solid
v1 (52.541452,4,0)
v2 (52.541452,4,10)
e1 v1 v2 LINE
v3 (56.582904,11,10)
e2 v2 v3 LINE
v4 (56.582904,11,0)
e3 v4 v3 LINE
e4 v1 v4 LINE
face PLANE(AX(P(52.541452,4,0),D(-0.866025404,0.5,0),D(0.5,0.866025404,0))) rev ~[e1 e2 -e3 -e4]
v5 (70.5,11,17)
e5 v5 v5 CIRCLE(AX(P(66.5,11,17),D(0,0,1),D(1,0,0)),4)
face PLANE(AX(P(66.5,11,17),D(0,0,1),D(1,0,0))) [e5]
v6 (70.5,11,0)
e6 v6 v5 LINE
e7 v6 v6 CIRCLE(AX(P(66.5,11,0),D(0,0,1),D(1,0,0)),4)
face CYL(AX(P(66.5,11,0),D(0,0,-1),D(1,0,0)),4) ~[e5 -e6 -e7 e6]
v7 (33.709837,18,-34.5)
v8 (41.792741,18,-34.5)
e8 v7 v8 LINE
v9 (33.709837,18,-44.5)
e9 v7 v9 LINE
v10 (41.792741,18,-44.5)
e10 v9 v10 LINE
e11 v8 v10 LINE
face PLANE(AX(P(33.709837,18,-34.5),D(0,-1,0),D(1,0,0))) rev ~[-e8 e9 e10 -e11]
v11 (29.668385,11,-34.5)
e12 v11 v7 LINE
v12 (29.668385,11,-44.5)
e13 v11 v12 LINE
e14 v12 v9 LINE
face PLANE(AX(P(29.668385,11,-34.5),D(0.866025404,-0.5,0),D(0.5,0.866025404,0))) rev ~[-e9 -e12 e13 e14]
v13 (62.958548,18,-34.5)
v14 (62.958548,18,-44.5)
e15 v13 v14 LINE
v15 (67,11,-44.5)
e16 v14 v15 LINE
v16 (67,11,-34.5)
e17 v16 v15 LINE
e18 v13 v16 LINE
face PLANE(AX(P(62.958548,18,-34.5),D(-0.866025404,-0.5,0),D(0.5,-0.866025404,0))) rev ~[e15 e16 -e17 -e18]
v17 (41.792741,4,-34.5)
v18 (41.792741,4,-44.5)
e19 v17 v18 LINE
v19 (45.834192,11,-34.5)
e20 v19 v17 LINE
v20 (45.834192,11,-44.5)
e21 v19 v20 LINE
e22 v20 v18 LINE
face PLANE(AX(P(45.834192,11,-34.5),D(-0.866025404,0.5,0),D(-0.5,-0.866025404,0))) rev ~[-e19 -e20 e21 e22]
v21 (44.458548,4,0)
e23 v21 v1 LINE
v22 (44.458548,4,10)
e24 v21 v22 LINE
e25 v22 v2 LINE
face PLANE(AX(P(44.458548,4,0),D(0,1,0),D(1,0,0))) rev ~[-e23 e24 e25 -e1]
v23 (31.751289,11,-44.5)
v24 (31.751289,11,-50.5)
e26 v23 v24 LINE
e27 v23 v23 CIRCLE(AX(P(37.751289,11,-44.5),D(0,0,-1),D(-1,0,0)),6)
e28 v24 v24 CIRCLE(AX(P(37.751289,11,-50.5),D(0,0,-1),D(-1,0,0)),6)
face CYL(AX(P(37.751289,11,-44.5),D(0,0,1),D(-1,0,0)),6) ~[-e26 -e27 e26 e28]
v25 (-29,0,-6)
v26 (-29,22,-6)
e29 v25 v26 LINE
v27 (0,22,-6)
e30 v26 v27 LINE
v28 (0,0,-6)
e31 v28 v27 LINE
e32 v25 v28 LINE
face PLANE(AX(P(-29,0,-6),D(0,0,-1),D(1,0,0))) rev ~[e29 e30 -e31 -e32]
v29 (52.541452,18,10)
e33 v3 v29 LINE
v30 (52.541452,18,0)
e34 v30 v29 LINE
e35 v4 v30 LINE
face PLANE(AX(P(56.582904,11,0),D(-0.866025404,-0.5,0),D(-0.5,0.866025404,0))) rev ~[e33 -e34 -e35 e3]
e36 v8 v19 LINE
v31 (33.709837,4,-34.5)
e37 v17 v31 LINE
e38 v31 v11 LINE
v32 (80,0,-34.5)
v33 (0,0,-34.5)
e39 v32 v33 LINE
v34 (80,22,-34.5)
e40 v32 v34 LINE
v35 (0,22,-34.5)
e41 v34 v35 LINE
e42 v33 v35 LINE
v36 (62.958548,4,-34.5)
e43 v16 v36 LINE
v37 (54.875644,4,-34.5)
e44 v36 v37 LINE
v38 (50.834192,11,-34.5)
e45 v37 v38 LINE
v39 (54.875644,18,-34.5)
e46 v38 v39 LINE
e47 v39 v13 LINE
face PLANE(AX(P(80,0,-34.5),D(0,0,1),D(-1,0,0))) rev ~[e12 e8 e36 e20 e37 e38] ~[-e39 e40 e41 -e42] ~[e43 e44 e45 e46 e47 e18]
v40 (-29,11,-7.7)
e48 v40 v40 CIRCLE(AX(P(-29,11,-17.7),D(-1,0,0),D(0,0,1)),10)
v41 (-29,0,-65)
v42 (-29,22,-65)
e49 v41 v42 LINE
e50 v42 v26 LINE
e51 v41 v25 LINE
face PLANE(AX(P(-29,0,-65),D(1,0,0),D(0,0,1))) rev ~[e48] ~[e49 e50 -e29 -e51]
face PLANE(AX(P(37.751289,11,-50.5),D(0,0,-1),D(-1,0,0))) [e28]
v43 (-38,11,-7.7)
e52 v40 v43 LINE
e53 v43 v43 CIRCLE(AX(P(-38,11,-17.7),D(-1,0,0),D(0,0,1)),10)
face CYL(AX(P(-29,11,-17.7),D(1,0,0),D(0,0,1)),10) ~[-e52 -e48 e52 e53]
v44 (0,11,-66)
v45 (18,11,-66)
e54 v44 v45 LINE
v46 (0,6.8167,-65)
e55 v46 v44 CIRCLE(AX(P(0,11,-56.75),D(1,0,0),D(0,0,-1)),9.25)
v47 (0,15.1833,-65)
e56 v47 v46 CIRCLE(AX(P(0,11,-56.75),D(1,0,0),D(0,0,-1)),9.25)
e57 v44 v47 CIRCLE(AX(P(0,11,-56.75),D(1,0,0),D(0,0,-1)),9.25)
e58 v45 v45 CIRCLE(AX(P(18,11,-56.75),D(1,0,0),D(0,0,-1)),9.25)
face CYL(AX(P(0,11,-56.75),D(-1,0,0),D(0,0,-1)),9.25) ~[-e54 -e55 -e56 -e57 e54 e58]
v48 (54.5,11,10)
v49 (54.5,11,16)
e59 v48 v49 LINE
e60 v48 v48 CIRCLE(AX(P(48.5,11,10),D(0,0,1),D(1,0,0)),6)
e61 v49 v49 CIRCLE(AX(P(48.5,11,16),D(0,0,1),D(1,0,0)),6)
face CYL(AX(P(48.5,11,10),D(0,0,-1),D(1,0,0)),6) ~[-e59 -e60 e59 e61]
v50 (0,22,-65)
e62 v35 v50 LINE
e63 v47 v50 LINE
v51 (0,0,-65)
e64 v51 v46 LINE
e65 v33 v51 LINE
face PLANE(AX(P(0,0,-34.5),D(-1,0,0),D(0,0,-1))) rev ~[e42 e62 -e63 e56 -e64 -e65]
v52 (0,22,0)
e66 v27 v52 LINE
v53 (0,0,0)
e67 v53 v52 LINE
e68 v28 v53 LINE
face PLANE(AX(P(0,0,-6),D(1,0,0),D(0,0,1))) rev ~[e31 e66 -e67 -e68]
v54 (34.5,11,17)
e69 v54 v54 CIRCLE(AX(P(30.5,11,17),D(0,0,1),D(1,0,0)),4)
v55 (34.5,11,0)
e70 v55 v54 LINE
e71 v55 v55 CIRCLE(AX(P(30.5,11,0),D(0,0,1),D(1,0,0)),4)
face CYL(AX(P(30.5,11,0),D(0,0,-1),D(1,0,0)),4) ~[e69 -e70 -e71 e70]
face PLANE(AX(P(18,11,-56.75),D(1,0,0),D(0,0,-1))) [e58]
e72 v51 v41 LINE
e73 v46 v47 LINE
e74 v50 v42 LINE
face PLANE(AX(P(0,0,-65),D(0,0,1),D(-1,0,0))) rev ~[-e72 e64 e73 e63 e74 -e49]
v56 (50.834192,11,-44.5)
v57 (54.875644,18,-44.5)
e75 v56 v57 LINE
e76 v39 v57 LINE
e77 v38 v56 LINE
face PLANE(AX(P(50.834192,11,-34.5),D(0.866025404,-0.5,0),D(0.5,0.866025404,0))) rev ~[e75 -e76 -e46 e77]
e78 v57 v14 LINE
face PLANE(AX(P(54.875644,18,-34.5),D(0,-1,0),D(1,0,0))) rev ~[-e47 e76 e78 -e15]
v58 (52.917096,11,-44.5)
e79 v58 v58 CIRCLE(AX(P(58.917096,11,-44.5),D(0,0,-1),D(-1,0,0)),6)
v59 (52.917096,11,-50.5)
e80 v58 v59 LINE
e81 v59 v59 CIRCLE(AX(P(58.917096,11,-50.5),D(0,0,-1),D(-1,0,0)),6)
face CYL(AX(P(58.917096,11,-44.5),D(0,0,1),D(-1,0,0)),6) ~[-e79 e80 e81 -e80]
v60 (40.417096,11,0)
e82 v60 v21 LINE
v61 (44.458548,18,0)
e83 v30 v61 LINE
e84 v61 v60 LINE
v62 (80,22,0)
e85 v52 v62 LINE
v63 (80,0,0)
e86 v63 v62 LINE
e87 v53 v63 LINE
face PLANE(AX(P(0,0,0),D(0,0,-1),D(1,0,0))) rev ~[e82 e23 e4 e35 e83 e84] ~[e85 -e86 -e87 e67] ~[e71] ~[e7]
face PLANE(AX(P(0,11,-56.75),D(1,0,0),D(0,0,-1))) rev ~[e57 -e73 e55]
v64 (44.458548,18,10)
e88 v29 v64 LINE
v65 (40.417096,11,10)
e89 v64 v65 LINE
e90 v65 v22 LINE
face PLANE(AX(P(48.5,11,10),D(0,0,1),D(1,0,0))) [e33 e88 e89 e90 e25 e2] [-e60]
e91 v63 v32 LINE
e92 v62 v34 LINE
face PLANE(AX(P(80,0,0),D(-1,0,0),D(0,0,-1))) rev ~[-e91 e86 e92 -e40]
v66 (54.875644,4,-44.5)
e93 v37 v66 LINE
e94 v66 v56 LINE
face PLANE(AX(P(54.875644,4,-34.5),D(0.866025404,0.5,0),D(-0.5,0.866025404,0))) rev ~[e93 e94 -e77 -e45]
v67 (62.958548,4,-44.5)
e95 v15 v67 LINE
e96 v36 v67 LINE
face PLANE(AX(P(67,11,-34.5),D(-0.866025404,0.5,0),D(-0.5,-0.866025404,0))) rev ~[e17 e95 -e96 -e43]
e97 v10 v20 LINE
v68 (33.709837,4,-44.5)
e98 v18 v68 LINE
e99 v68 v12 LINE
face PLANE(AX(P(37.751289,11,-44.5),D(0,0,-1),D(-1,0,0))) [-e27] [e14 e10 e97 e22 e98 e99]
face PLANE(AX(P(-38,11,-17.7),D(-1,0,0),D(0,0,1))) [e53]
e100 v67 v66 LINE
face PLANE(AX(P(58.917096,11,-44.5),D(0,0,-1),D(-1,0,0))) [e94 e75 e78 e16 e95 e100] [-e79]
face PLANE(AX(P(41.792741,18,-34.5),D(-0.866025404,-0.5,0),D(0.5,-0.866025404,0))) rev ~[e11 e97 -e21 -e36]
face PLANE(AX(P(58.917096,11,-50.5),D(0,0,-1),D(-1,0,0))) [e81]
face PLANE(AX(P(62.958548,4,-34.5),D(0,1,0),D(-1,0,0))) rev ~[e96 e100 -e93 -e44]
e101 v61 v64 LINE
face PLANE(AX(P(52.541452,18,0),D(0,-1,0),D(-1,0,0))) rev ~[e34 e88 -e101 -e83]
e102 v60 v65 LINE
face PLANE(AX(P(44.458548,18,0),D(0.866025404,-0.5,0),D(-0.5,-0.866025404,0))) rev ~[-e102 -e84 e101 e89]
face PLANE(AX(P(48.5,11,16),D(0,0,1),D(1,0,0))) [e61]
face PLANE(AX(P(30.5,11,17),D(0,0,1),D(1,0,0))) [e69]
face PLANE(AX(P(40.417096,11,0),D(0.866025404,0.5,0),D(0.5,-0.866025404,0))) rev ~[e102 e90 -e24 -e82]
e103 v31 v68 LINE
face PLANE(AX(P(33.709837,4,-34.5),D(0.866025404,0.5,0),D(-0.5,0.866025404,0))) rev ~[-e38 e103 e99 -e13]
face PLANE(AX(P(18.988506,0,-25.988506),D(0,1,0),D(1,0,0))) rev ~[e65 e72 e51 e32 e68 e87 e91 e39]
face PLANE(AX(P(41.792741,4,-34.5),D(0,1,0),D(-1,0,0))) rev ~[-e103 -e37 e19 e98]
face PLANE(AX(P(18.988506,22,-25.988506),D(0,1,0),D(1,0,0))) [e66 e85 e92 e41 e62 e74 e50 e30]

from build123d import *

# Parameters (mm, degrees)
BOSS_EXTRUDE1_DEPTH = 22
SKETCH2_R           = 4
BOSS_EXTRUDE2_DEPTH = 17
BOSS_EXTRUDE3_DEPTH = 10
SKETCH4_R           = 9.25
BOSS_EXTRUDE4_DEPTH = 18
SKETCH5_R           = 10
BOSS_EXTRUDE5_DEPTH = 9
BOSS_EXTRUDE6_DEPTH = 10
SKETCH7_R           = 6
BOSS_EXTRUDE7_DEPTH = 6
SKETCH8_R           = 6
BOSS_EXTRUDE8_DEPTH = 6


with BuildPart() as part:
    # Sketch1 → Boss-Extrude1 (new body)
    with BuildSketch(Plane(origin=(0, 0, 0), x_dir=(1, 0, 0), z_dir=(0, 1, 0))):
        Polygon((0, 0), (80, 0), (80, 34.5), (0, 34.5), (0, 65), (-29, 65), (-29, 6), (0, 6), align=None)
    extrude(amount=BOSS_EXTRUDE1_DEPTH)

    # Sketch2 → Boss-Extrude2 (add)
    with BuildSketch(Plane.XY):
        with Locations((30.5, 11)):
            Circle(SKETCH2_R)
        with Locations((66.5, 11)):
            Circle(SKETCH2_R)
    extrude(amount=BOSS_EXTRUDE2_DEPTH)

    # Sketch3 → Boss-Extrude3 (add)
    with BuildSketch(Plane(origin=(0, 0, -34.5), x_dir=(-1, 0, 0), z_dir=(0, 0, -1))):
        Polygon((-50.834192463, 11), (-54.875644347, 18), (-62.958548116, 18), (-67, 11), (-62.958548116, 4), (-54.875644347, 4), align=None)
        Polygon((-29.668384925, 11), (-33.70983681, 18), (-41.792740578, 18), (-45.834192463, 11), (-41.792740578, 4), (-33.70983681, 4), align=None)
    extrude(amount=BOSS_EXTRUDE3_DEPTH)

    # Sketch4 → Boss-Extrude4 (add)
    with BuildSketch(Plane(origin=(0, 0, 0), x_dir=(0, 0, -1), z_dir=(1, 0, 0))):
        with Locations((56.75, 11)):
            Circle(SKETCH4_R)
    extrude(amount=BOSS_EXTRUDE4_DEPTH)

    # Sketch5 → Boss-Extrude5 (add)
    with BuildSketch(Plane.ZY.offset(29)):
        with Locations((-17.7, 11)):
            Circle(SKETCH5_R)
    extrude(amount=BOSS_EXTRUDE5_DEPTH)

    # Sketch6 → Boss-Extrude6 (add)
    with BuildSketch(Plane.XY):
        Polygon((56.582903769, 11), (52.541451884, 18), (44.458548116, 18), (40.417096231, 11), (44.458548116, 4), (52.541451884, 4), align=None)
    extrude(amount=BOSS_EXTRUDE6_DEPTH)

    # Sketch7 → Boss-Extrude7 (add)
    with BuildSketch(Plane.XY.offset(10)):
        with Locations((48.5, 11)):
            Circle(SKETCH7_R)
    extrude(amount=BOSS_EXTRUDE7_DEPTH)

    # Sketch8 → Boss-Extrude8 (add)
    with BuildSketch(Plane(origin=(0, 0, -44.5), x_dir=(-1, 0, 0), z_dir=(0, 0, -1))):
        with Locations((-58.917096231, 11)):
            Circle(SKETCH8_R)
        with Locations((-37.751288694, 11)):
            Circle(SKETCH8_R)
    extrude(amount=BOSS_EXTRUDE8_DEPTH)


solid = part.part
